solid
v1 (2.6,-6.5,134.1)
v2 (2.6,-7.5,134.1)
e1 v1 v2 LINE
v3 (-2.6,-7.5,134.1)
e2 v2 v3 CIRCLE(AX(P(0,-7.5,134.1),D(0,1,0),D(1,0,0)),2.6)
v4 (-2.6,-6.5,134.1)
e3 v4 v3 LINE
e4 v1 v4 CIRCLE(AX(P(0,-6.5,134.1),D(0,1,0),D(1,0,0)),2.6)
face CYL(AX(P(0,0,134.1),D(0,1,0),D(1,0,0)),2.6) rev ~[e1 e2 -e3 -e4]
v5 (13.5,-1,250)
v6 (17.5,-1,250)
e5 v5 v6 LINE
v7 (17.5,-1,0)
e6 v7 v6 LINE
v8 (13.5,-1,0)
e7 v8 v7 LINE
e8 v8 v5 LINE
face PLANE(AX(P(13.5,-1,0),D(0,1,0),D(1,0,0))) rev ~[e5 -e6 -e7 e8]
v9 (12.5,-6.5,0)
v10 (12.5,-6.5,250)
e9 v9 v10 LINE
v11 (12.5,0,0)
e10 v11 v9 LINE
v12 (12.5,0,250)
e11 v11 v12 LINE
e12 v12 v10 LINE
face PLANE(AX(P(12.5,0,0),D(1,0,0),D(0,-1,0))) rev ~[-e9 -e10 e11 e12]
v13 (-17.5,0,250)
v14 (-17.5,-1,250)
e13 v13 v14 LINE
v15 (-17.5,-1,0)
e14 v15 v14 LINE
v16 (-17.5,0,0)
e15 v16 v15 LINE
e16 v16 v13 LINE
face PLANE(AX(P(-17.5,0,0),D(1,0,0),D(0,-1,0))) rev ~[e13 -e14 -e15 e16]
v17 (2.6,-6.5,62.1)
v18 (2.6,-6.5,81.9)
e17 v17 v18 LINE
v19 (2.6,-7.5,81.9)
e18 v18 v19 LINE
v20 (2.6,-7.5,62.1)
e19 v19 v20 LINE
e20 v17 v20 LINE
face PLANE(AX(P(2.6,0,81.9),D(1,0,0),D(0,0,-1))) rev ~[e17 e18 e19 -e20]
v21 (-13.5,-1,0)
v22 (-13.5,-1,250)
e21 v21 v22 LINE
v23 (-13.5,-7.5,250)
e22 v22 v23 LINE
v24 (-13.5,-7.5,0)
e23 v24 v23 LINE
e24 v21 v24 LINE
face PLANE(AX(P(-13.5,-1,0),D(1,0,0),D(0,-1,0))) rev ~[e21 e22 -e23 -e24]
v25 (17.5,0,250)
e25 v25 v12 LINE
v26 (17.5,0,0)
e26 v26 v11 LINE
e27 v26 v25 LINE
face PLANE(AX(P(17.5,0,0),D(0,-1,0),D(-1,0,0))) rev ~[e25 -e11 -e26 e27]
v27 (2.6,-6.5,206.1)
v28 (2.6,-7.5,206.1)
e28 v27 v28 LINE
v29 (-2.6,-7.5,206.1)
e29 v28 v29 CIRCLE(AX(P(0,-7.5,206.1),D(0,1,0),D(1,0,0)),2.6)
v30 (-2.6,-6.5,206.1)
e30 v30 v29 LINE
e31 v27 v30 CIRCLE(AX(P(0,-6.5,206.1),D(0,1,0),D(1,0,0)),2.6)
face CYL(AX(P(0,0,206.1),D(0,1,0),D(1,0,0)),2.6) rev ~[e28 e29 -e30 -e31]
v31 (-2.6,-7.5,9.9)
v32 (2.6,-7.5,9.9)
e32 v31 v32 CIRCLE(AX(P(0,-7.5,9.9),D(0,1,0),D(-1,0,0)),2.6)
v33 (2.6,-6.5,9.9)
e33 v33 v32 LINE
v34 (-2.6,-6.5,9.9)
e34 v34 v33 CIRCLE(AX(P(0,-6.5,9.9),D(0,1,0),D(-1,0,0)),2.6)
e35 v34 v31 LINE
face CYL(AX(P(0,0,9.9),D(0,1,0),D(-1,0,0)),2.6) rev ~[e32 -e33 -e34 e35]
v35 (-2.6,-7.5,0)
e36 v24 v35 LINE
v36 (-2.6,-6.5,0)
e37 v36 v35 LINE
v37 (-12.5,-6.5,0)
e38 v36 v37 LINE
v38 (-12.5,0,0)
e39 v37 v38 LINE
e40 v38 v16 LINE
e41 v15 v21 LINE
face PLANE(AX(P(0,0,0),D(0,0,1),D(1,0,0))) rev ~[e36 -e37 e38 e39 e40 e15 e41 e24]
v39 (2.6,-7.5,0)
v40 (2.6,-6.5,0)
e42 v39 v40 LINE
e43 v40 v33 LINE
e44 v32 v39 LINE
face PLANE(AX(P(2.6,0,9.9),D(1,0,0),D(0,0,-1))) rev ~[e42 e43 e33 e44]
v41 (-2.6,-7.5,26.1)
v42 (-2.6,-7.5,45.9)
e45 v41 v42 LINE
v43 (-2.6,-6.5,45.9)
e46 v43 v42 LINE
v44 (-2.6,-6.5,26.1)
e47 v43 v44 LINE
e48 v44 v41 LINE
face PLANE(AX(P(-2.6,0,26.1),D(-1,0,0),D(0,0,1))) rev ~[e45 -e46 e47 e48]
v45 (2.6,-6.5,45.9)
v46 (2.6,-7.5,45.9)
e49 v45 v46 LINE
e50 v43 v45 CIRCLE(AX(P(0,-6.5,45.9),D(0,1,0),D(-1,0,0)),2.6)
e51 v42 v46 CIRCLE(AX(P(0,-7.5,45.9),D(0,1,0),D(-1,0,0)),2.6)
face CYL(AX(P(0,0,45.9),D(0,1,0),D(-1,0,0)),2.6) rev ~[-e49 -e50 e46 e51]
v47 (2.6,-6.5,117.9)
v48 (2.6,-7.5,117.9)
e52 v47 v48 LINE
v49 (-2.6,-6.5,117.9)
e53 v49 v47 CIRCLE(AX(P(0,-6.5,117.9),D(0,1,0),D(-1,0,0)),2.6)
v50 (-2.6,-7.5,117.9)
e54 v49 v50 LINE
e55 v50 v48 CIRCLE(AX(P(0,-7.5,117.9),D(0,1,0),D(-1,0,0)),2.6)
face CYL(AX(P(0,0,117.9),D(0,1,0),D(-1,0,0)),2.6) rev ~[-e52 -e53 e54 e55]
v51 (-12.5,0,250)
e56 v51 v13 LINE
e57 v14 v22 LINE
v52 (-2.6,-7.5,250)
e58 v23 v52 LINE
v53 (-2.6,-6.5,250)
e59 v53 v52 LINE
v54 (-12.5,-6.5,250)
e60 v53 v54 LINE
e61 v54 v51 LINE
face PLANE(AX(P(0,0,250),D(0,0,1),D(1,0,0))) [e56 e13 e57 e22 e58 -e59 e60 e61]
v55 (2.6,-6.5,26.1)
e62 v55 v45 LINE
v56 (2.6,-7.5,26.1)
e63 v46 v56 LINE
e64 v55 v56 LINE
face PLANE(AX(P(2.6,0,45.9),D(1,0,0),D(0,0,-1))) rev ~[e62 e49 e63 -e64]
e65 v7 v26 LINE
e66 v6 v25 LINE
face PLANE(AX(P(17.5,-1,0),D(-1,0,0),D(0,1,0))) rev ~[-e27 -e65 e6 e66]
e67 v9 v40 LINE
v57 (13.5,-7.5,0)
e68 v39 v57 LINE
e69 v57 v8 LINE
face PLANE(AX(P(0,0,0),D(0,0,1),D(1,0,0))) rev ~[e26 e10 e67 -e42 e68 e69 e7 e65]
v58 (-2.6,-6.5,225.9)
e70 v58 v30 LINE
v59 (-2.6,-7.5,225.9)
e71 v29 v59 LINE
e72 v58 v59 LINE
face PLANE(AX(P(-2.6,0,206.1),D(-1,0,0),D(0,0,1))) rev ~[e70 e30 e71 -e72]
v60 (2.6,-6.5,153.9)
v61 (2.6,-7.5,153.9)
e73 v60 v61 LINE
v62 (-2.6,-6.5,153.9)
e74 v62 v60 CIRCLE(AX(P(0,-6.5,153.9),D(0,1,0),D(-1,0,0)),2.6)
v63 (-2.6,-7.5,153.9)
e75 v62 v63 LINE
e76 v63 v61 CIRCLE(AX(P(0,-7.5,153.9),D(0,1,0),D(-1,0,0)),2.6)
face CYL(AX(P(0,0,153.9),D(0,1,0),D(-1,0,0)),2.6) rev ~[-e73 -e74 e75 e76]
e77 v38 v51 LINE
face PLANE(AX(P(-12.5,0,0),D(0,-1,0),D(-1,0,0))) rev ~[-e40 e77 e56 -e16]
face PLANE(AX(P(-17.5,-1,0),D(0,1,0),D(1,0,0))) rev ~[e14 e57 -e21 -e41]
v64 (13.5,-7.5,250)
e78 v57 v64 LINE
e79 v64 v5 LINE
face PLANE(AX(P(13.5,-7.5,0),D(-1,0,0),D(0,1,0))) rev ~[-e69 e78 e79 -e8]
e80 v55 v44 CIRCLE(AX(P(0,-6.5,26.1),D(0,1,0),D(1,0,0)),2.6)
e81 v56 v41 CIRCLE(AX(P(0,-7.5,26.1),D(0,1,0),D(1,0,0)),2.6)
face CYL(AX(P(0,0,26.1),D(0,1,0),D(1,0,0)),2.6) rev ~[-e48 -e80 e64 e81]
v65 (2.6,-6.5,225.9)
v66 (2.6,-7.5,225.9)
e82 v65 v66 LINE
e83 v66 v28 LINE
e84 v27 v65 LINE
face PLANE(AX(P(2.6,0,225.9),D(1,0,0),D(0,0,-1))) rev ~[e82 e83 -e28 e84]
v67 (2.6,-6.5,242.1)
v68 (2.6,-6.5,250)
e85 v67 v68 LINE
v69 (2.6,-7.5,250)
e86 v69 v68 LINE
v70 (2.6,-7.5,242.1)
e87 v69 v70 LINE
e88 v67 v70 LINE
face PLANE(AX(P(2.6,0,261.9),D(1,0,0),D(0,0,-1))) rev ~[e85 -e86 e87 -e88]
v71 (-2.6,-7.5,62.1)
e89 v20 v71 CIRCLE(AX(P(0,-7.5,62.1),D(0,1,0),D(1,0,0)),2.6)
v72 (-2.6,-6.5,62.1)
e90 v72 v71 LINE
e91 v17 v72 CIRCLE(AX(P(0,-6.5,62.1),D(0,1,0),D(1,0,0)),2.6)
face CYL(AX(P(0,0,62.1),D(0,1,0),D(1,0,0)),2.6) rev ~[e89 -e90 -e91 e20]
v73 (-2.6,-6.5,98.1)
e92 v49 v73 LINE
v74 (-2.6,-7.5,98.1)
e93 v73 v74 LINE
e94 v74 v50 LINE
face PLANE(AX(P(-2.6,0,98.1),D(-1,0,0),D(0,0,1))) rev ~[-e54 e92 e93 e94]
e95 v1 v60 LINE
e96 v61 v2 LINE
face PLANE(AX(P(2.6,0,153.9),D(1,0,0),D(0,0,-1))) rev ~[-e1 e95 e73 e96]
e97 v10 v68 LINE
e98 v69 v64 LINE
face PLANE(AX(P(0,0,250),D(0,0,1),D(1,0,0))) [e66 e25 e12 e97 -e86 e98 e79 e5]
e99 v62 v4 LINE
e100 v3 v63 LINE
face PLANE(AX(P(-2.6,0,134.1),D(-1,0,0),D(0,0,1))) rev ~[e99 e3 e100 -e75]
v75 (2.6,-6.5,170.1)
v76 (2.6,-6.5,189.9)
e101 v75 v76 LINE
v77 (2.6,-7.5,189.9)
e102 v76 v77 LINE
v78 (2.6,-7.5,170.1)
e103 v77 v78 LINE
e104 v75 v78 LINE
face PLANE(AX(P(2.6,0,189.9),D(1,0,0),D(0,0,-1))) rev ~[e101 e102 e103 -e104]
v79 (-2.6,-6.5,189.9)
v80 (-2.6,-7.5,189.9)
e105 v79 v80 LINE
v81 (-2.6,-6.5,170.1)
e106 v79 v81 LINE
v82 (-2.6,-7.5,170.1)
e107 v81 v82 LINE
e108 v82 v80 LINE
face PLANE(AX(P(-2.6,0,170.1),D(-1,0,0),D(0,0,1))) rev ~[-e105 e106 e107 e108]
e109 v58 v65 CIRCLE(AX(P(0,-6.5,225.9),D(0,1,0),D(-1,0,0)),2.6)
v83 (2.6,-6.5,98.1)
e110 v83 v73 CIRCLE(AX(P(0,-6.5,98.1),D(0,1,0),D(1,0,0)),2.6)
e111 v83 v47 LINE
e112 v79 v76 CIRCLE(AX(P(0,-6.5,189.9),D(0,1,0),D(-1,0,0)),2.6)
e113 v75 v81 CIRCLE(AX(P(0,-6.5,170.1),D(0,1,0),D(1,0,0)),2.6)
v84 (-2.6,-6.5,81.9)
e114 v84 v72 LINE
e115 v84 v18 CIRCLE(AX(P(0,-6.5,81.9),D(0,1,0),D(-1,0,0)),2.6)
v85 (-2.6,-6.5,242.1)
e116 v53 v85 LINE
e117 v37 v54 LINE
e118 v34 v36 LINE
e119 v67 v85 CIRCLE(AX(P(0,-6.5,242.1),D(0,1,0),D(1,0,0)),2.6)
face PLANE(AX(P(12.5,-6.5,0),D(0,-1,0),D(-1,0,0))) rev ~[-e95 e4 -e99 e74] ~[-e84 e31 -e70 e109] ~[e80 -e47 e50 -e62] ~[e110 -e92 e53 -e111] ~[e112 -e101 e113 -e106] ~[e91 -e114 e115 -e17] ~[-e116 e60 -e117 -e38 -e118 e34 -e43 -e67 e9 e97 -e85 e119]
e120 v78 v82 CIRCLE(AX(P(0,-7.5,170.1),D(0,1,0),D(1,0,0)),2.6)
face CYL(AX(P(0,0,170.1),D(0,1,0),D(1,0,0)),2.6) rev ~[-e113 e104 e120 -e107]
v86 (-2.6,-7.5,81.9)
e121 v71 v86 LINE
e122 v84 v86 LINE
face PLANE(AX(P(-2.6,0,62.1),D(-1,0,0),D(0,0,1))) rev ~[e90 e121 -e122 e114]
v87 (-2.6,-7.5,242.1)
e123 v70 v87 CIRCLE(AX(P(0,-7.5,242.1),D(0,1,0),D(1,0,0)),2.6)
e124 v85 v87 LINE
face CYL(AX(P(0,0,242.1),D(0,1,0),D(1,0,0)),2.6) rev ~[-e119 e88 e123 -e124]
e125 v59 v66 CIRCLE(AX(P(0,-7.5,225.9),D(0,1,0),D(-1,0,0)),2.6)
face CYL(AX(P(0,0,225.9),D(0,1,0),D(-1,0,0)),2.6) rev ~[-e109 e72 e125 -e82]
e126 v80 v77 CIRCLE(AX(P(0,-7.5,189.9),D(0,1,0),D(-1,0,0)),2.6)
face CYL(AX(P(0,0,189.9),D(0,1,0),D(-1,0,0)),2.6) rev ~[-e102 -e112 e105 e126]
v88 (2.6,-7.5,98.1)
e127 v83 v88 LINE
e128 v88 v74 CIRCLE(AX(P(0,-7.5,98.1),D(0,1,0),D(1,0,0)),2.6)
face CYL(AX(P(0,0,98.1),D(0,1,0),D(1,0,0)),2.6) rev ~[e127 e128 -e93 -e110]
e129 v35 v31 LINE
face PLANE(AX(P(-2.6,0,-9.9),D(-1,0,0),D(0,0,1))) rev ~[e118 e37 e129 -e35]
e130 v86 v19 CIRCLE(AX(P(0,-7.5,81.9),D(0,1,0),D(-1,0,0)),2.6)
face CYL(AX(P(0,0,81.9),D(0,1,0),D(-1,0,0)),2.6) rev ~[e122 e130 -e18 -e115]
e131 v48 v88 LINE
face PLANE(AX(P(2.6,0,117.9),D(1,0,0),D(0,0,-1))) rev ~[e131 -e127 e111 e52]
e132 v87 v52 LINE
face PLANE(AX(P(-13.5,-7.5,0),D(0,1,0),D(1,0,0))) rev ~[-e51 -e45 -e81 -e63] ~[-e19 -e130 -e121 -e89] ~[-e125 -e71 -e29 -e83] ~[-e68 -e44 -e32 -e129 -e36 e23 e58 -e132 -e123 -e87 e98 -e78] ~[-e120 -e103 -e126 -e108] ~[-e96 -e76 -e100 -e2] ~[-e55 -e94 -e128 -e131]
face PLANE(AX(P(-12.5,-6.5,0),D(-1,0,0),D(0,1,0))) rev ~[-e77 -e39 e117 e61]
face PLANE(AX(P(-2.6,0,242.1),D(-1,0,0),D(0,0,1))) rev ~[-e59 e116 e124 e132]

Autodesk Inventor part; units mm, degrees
ref_plane "YZ Plane" through (0, 0, 0) normal (1, 0, 0) x (0, 1, 0)
ref_plane "XZ Plane" through (0, 0, 0) normal (0, 1, 0) x (-1, 0, 0)
ref_plane "XY Plane" through (0, 0, 0) normal (0, 0, 1) x (1, 0, 0)
sketch "Skizze_1" plane through (0, 0, 0) normal (0, 0, 1) x (1, 0, 0)
  line L0 (-17.5, 0) -> (-17.5, -1)
  line L1 (-17.5, -1) -> (-13.5, -1)
  line L2 (-13.5, -1) -> (-13.5, -7.5)
  line L3 (-13.5, -7.5) -> (13.5, -7.5)
  line L4 (13.5, -7.5) -> (13.5, -1)
  line L5 (13.5, -1) -> (17.5, -1)
  line L6 (17.5, -1) -> (17.5, 0)
  line L7 (17.5, 0) -> (12.5, 0)
  line L8 (12.5, 0) -> (12.5, -6.5)
  line L9 (12.5, -6.5) -> (-12.5, -6.5)
  line L10 (-12.5, -6.5) -> (-12.5, 0)
  line L11 (-12.5, 0) -> (-17.5, 0)
extrude "Extrusion1" add sketch "Skizze_1" along normal blind 250
sketch "sketch_roundrect_1" plane through (0, 0, 0) normal (0, 1, 0) x (-1, 0, 0)
  arc A0 (2.6, 9.9) -> (-2.6, 9.9) centre (0, 9.9) ccw
  line L0 (-2.6, 9.9) -> (-2.6, -9.9)
  arc A1 (-2.6, -9.9) -> (2.6, -9.9) centre (0, -9.9) ccw
  line L1 (2.6, -9.9) -> (2.6, 9.9)
extrude "Extrusion2" cut sketch "sketch_roundrect_1" against normal blind 50
sketch "sketch_roundrect_2" plane through (0, 0, 0) normal (0, 1, 0) x (-1, 0, 0)
  arc A0 (2.6, 45.9) -> (-2.6, 45.9) centre (0, 45.9) ccw
  line L0 (-2.6, 45.9) -> (-2.6, 26.1)
  arc A1 (-2.6, 26.1) -> (2.6, 26.1) centre (0, 26.1) ccw
  line L1 (2.6, 26.1) -> (2.6, 45.9)
extrude "Extrusion3" cut sketch "sketch_roundrect_2" against normal blind 50
sketch "sketch_roundrect_3" plane through (0, 0, 0) normal (0, 1, 0) x (-1, 0, 0)
  arc A0 (2.6, 81.9) -> (-2.6, 81.9) centre (0, 81.9) ccw
  line L0 (-2.6, 81.9) -> (-2.6, 62.1)
  arc A1 (-2.6, 62.1) -> (2.6, 62.1) centre (0, 62.1) ccw
  line L1 (2.6, 62.1) -> (2.6, 81.9)
extrude "Extrusion4" cut sketch "sketch_roundrect_3" against normal blind 50
sketch "sketch_roundrect_4" plane through (0, 0, 0) normal (0, 1, 0) x (-1, 0, 0)
  arc A0 (2.6, 117.9) -> (-2.6, 117.9) centre (0, 117.9) ccw
  line L0 (-2.6, 117.9) -> (-2.6, 98.1)
  arc A1 (-2.6, 98.1) -> (2.6, 98.1) centre (0, 98.1) ccw
  line L1 (2.6, 98.1) -> (2.6, 117.9)
extrude "Extrusion5" cut sketch "sketch_roundrect_4" against normal blind 50
sketch "sketch_roundrect_5" plane through (0, 0, 0) normal (0, 1, 0) x (-1, 0, 0)
  arc A0 (2.6, 153.9) -> (-2.6, 153.9) centre (0, 153.9) ccw
  line L0 (-2.6, 153.9) -> (-2.6, 134.1)
  arc A1 (-2.6, 134.1) -> (2.6, 134.1) centre (0, 134.1) ccw
  line L1 (2.6, 134.1) -> (2.6, 153.9)
extrude "Extrusion6" cut sketch "sketch_roundrect_5" against normal blind 50
sketch "sketch_roundrect_6" plane through (0, 0, 0) normal (0, 1, 0) x (-1, 0, 0)
  arc A0 (2.6, 189.9) -> (-2.6, 189.9) centre (0, 189.9) ccw
  line L0 (-2.6, 189.9) -> (-2.6, 170.1)
  arc A1 (-2.6, 170.1) -> (2.6, 170.1) centre (0, 170.1) ccw
  line L1 (2.6, 170.1) -> (2.6, 189.9)
extrude "Extrusion7" cut sketch "sketch_roundrect_6" against normal blind 50
sketch "sketch_roundrect_7" plane through (0, 0, 0) normal (0, 1, 0) x (-1, 0, 0)
  arc A0 (2.6, 225.9) -> (-2.6, 225.9) centre (0, 225.9) ccw
  line L0 (-2.6, 225.9) -> (-2.6, 206.1)
  arc A1 (-2.6, 206.1) -> (2.6, 206.1) centre (0, 206.1) ccw
  line L1 (2.6, 206.1) -> (2.6, 225.9)
extrude "Extrusion8" cut sketch "sketch_roundrect_7" against normal blind 50
sketch "sketch_roundrect_8" plane through (0, 0, 0) normal (0, 1, 0) x (-1, 0, 0)
  arc A0 (2.6, 261.9) -> (-2.6, 261.9) centre (0, 261.9) ccw
  line L0 (-2.6, 261.9) -> (-2.6, 242.1)
  arc A1 (-2.6, 242.1) -> (2.6, 242.1) centre (0, 242.1) ccw
  line L1 (2.6, 242.1) -> (2.6, 261.9)
extrude "Extrusion9" cut sketch "sketch_roundrect_8" against normal blind 50
properties part number "WAGO_210-112250"
